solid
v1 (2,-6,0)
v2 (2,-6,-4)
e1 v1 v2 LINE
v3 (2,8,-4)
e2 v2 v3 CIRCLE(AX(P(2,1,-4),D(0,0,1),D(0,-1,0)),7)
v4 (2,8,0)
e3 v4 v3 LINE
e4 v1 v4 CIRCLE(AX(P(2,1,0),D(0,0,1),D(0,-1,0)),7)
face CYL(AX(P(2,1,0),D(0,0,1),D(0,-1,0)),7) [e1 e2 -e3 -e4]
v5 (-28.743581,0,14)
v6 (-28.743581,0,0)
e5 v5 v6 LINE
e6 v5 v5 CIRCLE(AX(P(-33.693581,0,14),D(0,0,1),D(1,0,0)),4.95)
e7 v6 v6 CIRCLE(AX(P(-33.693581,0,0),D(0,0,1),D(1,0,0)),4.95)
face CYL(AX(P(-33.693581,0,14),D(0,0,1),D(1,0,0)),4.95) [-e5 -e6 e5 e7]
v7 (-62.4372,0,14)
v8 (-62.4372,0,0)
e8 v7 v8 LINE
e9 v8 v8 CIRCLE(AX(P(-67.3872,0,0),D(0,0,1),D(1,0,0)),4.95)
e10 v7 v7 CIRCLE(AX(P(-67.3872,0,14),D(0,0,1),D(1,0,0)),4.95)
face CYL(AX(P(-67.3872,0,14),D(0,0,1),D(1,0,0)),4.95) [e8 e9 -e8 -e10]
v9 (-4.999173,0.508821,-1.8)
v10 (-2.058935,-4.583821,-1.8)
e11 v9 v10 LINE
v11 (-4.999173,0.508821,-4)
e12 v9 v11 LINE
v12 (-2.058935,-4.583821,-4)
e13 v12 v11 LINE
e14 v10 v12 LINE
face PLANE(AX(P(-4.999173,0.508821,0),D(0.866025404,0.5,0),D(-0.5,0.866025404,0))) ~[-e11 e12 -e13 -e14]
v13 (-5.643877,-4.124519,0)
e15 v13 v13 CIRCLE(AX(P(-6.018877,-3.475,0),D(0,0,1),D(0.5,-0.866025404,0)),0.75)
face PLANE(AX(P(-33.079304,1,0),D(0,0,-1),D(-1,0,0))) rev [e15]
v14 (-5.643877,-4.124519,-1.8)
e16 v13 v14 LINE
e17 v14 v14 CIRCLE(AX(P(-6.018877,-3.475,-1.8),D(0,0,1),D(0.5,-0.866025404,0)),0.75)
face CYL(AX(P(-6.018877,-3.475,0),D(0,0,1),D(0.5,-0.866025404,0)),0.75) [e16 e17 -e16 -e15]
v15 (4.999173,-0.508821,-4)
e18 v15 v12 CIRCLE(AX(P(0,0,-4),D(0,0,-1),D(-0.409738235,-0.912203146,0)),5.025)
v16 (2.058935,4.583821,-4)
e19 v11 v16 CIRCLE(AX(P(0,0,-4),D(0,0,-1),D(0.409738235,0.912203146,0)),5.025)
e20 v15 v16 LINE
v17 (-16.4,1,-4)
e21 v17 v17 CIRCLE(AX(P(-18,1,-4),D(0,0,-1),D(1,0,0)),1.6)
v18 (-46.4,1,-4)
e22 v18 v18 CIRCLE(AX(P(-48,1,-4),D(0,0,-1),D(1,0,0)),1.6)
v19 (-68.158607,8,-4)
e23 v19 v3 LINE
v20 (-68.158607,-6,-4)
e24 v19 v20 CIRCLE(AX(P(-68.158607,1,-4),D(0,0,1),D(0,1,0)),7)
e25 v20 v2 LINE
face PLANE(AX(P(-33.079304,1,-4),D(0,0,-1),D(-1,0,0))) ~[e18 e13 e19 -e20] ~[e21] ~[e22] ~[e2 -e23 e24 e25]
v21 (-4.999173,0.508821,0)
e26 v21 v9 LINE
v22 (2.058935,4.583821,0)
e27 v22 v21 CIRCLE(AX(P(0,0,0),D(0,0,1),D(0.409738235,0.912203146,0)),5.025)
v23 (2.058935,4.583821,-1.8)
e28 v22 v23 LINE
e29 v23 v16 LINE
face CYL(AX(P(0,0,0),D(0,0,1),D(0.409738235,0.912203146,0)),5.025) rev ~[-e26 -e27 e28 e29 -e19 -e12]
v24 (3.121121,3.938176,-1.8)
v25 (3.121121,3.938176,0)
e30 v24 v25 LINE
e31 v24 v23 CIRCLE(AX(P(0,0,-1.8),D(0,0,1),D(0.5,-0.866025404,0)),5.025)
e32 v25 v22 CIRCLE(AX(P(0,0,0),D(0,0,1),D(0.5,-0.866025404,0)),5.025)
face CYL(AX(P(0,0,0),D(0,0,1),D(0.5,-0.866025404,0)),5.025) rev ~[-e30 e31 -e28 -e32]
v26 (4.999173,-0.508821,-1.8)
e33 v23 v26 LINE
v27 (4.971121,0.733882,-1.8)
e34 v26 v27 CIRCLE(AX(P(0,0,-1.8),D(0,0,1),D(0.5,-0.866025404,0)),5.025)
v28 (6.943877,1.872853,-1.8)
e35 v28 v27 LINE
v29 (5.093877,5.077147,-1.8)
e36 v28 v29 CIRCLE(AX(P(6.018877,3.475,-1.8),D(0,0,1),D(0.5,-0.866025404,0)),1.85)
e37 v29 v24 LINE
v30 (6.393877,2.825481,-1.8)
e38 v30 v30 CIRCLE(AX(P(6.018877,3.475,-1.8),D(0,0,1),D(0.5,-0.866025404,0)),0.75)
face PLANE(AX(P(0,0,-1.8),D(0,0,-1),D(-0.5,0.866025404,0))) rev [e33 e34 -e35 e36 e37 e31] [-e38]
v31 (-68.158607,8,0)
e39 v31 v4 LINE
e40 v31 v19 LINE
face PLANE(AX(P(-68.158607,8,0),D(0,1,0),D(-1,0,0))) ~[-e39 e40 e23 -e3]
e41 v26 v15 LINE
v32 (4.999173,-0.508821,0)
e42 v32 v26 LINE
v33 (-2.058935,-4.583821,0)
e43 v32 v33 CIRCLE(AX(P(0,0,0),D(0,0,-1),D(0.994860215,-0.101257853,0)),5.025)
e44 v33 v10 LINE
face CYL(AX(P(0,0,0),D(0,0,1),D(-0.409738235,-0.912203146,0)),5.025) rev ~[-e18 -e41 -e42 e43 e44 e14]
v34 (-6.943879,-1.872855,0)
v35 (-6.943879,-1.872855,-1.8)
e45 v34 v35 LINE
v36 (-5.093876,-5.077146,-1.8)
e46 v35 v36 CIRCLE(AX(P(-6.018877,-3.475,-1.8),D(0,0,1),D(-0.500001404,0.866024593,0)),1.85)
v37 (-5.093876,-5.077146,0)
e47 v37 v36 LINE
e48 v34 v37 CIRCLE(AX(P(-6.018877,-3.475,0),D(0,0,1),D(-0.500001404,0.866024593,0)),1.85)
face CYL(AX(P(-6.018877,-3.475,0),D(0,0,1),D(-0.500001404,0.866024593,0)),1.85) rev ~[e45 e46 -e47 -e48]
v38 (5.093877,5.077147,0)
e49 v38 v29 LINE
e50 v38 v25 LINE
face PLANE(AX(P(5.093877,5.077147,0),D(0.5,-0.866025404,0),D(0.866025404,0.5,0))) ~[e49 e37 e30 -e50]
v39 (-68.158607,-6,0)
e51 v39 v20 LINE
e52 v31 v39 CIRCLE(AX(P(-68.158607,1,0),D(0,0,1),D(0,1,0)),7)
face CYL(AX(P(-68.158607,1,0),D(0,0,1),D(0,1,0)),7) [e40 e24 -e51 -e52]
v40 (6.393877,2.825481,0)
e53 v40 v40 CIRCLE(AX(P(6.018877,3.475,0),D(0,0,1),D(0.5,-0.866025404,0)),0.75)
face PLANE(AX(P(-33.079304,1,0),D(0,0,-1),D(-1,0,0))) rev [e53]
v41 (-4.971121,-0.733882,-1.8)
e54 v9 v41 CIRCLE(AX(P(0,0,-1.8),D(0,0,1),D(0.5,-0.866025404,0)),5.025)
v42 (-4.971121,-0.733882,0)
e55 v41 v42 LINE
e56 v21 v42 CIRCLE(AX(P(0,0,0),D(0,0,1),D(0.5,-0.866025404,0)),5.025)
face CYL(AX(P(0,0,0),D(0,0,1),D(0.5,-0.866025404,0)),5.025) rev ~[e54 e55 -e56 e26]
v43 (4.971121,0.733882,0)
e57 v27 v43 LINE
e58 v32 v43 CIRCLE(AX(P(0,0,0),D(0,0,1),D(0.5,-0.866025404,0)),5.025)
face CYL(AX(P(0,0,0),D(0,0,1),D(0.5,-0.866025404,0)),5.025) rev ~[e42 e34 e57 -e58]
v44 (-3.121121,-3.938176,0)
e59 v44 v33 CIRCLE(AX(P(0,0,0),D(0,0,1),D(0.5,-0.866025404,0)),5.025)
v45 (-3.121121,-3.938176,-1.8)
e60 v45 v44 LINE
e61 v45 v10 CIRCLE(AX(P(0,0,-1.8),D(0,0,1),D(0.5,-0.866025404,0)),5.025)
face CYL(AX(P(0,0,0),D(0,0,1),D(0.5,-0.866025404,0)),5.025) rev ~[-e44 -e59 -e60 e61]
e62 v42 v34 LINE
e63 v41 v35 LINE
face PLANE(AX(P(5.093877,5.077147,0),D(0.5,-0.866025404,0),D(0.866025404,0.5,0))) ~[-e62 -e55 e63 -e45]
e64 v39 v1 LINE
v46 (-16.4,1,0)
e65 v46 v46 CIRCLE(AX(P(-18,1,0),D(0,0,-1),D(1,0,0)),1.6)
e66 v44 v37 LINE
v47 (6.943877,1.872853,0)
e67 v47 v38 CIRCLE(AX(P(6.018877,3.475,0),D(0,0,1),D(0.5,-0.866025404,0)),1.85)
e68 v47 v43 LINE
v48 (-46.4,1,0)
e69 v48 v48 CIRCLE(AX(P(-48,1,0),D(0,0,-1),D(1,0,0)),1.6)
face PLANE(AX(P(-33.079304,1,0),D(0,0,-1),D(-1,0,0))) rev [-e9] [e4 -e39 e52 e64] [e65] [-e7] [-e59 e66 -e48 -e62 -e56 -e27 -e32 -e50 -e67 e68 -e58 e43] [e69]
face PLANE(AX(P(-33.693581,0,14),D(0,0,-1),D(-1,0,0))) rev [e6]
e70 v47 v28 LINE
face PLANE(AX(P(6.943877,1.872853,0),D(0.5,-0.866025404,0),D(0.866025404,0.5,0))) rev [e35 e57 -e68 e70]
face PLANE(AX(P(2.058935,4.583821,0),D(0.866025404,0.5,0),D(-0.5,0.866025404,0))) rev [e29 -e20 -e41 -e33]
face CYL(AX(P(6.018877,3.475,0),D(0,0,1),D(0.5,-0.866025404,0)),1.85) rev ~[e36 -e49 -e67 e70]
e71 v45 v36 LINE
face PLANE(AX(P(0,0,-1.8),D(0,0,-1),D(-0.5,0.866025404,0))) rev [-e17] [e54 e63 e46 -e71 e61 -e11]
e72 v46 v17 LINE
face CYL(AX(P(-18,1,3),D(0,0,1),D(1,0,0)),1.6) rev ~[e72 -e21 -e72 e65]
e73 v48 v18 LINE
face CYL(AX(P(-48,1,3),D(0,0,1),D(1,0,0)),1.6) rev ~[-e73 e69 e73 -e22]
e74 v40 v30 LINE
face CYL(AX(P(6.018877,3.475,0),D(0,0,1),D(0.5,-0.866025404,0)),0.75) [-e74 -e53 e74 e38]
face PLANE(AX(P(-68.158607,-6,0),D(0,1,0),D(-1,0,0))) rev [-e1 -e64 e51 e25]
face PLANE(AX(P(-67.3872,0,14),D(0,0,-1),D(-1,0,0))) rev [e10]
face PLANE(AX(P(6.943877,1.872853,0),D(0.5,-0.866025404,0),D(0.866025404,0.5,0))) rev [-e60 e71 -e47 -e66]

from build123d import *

# Parameters (mm, degrees)
CYLINDER018_R        = 1.6
CYLINDER018_DEPTH    = 10
CYLINDER017_R        = 1.6
CYLINDER017_DEPTH    = 10
PAD_DEPTH            = 18
SKETCH002_R          = 0.75
PAD001_DEPTH         = 1.8
CYLINDER_R           = 5.025
CYLINDER_DEPTH       = 1.8
BODY_PLACEMENT_ANGLE = 60
CYLINDER006_R        = 4.95
CYLINDER006_DEPTH    = 14
EXTRUDE_DEPTH        = 4
CYLINDER005_R        = 4.95
CYLINDER005_DEPTH    = 14


with BuildPart() as cylinder018:
    # Cylinder018 → Cylinder018 (new body)
    with BuildSketch(Plane(origin=(-30, 0, -3), x_dir=(1, 0, 0), z_dir=(0, 0, 1))):
        Circle(CYLINDER018_R)
    extrude(amount=CYLINDER018_DEPTH)


with BuildPart() as fusion021:
    # Cylinder017 → Cylinder017 (new body)
    with BuildSketch(Plane.XY.offset(-3)):
        Circle(CYLINDER017_R)
    extrude(amount=CYLINDER017_DEPTH)

    # Fusion019: union Cylinder018
    add(cylinder018.part)


with BuildPart() as fusion021_1:
    # Fusion019 placement: moved
    add(fusion021.part.moved(Location((-18, 1, 0))))


with BuildPart() as motorbody:
    # Sketch001 → Pad (new body)
    with BuildSketch(Plane.XY):
        with BuildLine():
            ThreePointArc((-2.940238, 4.075), (-5.025, 0), (-2.940238, -4.075))
            Line((-2.940238, -4.075), (2.940238, -4.075))
            ThreePointArc((2.940238, -4.075), (5.025, 0), (2.940238, 4.075))
            Line((-2.940238, 4.075), (2.940238, 4.075))
        make_face()
    extrude(amount=PAD_DEPTH)

    # Sketch002 → Pad001 (join)
    with BuildSketch(Plane.XY):
        with BuildLine():
            ThreePointArc((1.85, 6.95), (0, 8.8), (-1.85, 6.95))
            Line((-1.85, 6.95), (-1.85, -6.950003))
            ThreePointArc((-1.85, -6.950003), (2e-06, -8.8), (1.85, -6.949999))
            Line((1.85, 6.95), (1.85, -6.949999))
        make_face()
        with Locations((0, 6.95)):
            Circle(SKETCH002_R, mode=Mode.SUBTRACT)
        with Locations((0, -6.95)):
            Circle(SKETCH002_R, mode=Mode.SUBTRACT)
    extrude(amount=PAD001_DEPTH)

    # Cylinder → Cylinder (join)
    with BuildSketch(Plane.XY):
        Circle(CYLINDER_R)
    extrude(amount=CYLINDER_DEPTH)


with BuildPart() as motorbody_1:
    # Body placement: moved
    add(motorbody.part.rotate(Axis((0, 0, 0), (0, 0, -1)), BODY_PLACEMENT_ANGLE))


with BuildPart() as cylinder006:
    # Cylinder006 → Cylinder006 (new body)
    with BuildSketch(Plane(origin=(-33.693581, 0, -14), x_dir=(1, 0, 0), z_dir=(0, 0, 1))):
        Circle(CYLINDER006_R)
    extrude(amount=CYLINDER006_DEPTH)


with BuildPart() as extrude_body:
    # Sketch009 → Extrude (new body)
    with BuildSketch(Plane.XY):
        with BuildLine():
            ThreePointArc((-68.158607, 8), (-75.158607, 1), (-68.158607, -6))
            Line((-68.158607, -6), (2, -6))
            ThreePointArc((2, -6), (9, 1), (2, 8))
            Line((-68.158607, 8), (2, 8))
        make_face()
    extrude(amount=EXTRUDE_DEPTH)


with BuildPart() as rightdriveskid:
    # Cylinder005 → Cylinder005 (new body)
    with BuildSketch(Plane(origin=(-67.3872, 0, -14), x_dir=(1, 0, 0), z_dir=(0, 0, 1))):
        Circle(CYLINDER005_R)
    extrude(amount=CYLINDER005_DEPTH)

    # Fusion005: union Cylinder006, Extrude body
    add(cylinder006.part)
    add(extrude_body.part)

    # Cut002: cut MotorBody
    add(motorbody_1.part, mode=Mode.SUBTRACT)

    # Cut011: cut Fusion021
    add(fusion021_1.part, mode=Mode.SUBTRACT)


with BuildPart() as leftdriveskid:
    # Part__Mirroring003: instance of RightDriveSkid
    add(rightdriveskid.part.mirror(Plane(origin=(0, 0, 0), x_dir=(0, 1, 0), z_dir=(0, 0, 1))))


solid = leftdriveskid.part
